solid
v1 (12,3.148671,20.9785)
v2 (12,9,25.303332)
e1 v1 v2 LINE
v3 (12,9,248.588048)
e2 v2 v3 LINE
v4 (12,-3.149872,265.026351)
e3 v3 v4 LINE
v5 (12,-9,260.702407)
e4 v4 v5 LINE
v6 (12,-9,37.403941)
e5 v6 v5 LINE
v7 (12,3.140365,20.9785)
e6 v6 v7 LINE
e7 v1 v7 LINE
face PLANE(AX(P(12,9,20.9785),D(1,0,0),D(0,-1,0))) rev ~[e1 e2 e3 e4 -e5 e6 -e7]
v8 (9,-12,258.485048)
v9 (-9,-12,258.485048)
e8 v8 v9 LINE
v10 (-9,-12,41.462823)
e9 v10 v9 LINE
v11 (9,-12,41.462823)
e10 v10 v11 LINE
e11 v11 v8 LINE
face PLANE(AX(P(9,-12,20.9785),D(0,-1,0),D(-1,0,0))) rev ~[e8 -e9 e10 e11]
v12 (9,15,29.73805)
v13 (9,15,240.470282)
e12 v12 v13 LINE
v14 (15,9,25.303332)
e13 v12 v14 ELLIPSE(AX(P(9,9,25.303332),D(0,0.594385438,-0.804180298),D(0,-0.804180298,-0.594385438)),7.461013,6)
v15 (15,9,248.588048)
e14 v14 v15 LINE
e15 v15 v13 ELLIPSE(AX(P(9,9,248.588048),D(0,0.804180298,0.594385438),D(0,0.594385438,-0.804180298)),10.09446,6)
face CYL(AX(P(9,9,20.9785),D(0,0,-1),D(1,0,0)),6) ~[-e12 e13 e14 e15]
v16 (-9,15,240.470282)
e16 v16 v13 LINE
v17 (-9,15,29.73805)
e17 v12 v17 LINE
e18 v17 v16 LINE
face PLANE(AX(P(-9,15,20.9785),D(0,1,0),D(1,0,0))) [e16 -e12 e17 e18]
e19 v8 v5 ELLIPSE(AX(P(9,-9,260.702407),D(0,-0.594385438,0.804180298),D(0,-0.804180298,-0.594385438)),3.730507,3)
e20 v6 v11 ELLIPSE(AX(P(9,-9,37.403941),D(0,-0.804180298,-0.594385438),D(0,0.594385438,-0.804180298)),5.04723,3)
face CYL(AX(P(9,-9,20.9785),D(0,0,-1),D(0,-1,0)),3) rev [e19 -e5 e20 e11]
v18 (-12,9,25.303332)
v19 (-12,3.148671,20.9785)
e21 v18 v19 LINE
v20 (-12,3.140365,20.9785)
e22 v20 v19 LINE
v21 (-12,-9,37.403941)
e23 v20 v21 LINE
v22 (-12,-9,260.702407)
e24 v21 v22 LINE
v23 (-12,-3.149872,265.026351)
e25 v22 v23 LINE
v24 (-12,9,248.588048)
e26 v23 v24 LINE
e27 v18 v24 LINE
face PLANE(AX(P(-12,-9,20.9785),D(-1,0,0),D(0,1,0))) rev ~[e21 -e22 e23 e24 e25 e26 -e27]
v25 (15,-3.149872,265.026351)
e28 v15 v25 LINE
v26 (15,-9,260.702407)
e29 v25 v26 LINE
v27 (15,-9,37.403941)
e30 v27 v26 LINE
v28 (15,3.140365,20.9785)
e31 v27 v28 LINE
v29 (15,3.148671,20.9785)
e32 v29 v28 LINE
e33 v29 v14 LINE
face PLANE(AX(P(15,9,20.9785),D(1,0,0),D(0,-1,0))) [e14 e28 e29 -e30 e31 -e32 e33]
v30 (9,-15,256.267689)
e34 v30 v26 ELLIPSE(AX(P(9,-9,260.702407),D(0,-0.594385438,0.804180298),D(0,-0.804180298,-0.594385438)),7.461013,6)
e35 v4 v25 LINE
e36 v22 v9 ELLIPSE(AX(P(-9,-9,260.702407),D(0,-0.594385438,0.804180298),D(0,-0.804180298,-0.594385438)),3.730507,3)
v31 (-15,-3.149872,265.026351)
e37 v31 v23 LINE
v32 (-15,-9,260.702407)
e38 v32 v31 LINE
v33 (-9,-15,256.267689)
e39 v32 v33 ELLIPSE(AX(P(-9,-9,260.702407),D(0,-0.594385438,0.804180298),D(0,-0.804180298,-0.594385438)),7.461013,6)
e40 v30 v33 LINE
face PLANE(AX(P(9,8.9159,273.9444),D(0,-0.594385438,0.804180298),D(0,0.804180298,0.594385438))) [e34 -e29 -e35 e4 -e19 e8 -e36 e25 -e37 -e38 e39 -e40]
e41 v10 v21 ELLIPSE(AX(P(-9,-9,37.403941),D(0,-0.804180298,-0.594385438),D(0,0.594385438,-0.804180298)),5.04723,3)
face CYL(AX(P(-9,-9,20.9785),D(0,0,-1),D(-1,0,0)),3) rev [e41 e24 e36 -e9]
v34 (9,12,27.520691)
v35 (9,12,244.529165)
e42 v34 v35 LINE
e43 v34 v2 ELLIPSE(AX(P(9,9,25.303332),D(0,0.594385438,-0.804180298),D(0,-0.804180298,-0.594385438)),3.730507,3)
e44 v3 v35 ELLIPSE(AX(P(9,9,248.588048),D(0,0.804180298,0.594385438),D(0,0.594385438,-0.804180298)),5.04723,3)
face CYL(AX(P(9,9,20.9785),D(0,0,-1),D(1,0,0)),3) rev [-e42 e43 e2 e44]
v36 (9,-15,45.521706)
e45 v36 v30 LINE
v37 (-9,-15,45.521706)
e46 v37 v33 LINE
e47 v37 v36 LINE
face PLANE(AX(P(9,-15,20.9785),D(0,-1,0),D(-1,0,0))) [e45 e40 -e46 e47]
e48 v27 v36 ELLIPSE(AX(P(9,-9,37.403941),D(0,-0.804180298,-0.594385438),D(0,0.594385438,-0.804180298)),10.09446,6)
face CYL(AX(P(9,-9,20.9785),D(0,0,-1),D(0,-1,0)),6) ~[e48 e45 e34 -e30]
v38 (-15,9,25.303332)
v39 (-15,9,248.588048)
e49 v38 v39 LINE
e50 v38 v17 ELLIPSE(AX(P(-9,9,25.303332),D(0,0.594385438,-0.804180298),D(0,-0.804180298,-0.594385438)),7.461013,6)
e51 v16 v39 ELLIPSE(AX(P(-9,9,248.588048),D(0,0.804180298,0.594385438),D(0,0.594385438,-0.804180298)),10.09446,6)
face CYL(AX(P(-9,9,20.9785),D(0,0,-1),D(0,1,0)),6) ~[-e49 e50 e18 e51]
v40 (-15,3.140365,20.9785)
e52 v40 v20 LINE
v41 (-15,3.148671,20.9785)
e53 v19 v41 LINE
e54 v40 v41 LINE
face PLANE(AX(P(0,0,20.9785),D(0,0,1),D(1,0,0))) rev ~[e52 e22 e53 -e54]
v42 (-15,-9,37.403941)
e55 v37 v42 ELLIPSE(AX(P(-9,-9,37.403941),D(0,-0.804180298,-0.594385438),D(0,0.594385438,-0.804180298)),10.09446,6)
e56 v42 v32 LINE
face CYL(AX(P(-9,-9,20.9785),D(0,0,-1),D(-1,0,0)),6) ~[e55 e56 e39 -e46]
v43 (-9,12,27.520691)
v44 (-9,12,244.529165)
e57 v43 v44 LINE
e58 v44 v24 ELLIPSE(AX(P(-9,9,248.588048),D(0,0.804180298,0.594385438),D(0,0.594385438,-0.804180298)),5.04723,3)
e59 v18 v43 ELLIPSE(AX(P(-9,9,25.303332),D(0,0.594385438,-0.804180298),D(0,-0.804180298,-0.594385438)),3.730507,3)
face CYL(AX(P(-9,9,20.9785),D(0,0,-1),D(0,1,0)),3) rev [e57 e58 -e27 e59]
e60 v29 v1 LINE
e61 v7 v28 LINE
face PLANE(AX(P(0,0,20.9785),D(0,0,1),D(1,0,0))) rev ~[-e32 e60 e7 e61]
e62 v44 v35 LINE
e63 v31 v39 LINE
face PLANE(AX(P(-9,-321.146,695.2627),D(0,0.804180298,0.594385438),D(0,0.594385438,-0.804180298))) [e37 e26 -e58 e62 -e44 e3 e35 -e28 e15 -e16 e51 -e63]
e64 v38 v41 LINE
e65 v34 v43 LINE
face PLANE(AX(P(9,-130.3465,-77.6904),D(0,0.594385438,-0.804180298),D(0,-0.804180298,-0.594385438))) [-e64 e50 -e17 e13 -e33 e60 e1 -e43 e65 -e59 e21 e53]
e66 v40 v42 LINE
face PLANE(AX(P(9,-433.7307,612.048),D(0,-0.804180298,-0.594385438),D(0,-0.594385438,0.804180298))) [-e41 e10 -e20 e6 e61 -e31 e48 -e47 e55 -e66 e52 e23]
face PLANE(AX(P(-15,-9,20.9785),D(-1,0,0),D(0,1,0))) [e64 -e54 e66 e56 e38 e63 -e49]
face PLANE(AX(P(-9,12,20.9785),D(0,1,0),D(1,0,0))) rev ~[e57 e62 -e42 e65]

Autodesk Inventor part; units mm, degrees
ref_plane "Start plane" through (0, 0, 20.9785) normal (0, 0, 1) x (1, 0, 0)
ref_plane "End plane" through (0, 0, 265.0285) normal (0, 0, 1) x (1, 0, 0)
sketch "Sketch" plane through (0, 0, 0) normal (0, 0, 1) x (1, 0, 0)
  line L0 (-15, -9) -> (-15, 9)
  line L1 (-9, 15) -> (9, 15)
  line L2 (15, 9) -> (15, -9)
  line L3 (9, -15) -> (-9, -15)
  arc A0 (-15, -9) -> (-9, -15) centre (-9, -9) ccw
  arc A1 (-9, 15) -> (-15, 9) centre (-9, 9) ccw
  arc A2 (15, 9) -> (9, 15) centre (9, 9) ccw
  arc A3 (9, -15) -> (15, -9) centre (9, -9) ccw
  arc A4 (-9, 12) -> (-12, 9) centre (-9, 9) ccw
  line L4 (-9, 12) -> (9, 12)
  arc A5 (12, 9) -> (9, 12) centre (9, 9) ccw
  line L5 (12, 9) -> (12, -9)
  arc A6 (9, -12) -> (12, -9) centre (9, -9) ccw
  line L6 (9, -12) -> (-9, -12)
  arc A7 (-12, -9) -> (-9, -12) centre (-9, -9) ccw
  line L7 (-12, -9) -> (-12, 9)
  line L8 (0, 22.7397) -> (0, -22.7397) construction
  line L9 (-22.7397, 0) -> (22.7397, 0) construction
  dimension "d7" = 6
  dimension "d10" = 30
  dimension "d11" = 30
  dimension "d12" = 3
  dimension "d15" = 15
  dimension "d16" = 15
extrude "Body" add sketch "Sketch" along normal up to surface (244.05 mm away) from surface at 20.9785
sketch "Sketch3" plane through (0, 0, 0) normal (0, 0, 1) x (1, 0, 0)
  line L0 (0, 0) -> (10, 0)
ref_plane "Work Plane3" through (0, 0, 0) normal (0, -1, 0) x (1, 0, 0)
ref_plane "Work Plane4" through (9, -130.3465, -77.6904) normal (0, 0.5944, -0.8042) x (1, 0, 0)
split "Split1" plane through (9, -130.3465, -77.6904) removes the side toward (0, 0.5944, -0.8042)
ref_plane "Work Plane5" through (9, -433.7307, 612.048) normal (0, -0.8042, -0.5944) x (1, 0, 0)
split "Split2" plane through (9, -433.7307, 612.048) removes the side toward (0, -0.8042, -0.5944)
ref_plane "Work Plane6" through (-9, -321.146, 695.2627) normal (0, 0.8042, 0.5944) x (1, 0, 0)
split "Split3" plane through (-9, -321.146, 695.2627) removes the side toward (0, 0.8042, 0.5944)
ref_plane "Work Plane7" through (9, 8.9159, 273.9444) normal (0, -0.5944, 0.8042) x (1, 0, 0)
split "Split4" plane through (9, 8.9159, 273.9444) removes the side toward (0, -0.5944, 0.8042)
sketch "Sketch4" plane through (0, 0, 0) normal (0, -1, 0) x (1, 0, 0)
  line L0 (-2, 20.9785) -> (12, 20.9785) projected
  line L1 (-2, 265.0285) -> (12, 265.0285) projected
  dimension "d18" = 244.05
equation "\"d7\" = G_IR"
equation "\"d10\" = G_H"
equation "\"d11\" = G_W"
equation "\"d12\" = G_T"
equation "\"d15\" = 0.5 * d10"
equation "\"d16\" = 0.5 * d11"
equation "\"d3\" = G_L"
equation "\"G_W\" = 30"
equation "\"G_H\" = 30"
equation "\"G_T\" = 3"
equation "\"G_IR\" = 6"
equation "\"G_L\" = d18"
equation "\"G_OFFSET_START\" = -20.97851"
equation "\"G_OFFSET_END\" = -20.97851"
equation "\"d13\" = -G_OFFSET_START"
equation "\"d14\" = G_OFFSET_END + B_L"
equation "\"B_L\" = 286.00699"
properties part number "DIN EN 10219-2 - 30 x 30 x 3  - 244.05" material "Steel, Mild"
